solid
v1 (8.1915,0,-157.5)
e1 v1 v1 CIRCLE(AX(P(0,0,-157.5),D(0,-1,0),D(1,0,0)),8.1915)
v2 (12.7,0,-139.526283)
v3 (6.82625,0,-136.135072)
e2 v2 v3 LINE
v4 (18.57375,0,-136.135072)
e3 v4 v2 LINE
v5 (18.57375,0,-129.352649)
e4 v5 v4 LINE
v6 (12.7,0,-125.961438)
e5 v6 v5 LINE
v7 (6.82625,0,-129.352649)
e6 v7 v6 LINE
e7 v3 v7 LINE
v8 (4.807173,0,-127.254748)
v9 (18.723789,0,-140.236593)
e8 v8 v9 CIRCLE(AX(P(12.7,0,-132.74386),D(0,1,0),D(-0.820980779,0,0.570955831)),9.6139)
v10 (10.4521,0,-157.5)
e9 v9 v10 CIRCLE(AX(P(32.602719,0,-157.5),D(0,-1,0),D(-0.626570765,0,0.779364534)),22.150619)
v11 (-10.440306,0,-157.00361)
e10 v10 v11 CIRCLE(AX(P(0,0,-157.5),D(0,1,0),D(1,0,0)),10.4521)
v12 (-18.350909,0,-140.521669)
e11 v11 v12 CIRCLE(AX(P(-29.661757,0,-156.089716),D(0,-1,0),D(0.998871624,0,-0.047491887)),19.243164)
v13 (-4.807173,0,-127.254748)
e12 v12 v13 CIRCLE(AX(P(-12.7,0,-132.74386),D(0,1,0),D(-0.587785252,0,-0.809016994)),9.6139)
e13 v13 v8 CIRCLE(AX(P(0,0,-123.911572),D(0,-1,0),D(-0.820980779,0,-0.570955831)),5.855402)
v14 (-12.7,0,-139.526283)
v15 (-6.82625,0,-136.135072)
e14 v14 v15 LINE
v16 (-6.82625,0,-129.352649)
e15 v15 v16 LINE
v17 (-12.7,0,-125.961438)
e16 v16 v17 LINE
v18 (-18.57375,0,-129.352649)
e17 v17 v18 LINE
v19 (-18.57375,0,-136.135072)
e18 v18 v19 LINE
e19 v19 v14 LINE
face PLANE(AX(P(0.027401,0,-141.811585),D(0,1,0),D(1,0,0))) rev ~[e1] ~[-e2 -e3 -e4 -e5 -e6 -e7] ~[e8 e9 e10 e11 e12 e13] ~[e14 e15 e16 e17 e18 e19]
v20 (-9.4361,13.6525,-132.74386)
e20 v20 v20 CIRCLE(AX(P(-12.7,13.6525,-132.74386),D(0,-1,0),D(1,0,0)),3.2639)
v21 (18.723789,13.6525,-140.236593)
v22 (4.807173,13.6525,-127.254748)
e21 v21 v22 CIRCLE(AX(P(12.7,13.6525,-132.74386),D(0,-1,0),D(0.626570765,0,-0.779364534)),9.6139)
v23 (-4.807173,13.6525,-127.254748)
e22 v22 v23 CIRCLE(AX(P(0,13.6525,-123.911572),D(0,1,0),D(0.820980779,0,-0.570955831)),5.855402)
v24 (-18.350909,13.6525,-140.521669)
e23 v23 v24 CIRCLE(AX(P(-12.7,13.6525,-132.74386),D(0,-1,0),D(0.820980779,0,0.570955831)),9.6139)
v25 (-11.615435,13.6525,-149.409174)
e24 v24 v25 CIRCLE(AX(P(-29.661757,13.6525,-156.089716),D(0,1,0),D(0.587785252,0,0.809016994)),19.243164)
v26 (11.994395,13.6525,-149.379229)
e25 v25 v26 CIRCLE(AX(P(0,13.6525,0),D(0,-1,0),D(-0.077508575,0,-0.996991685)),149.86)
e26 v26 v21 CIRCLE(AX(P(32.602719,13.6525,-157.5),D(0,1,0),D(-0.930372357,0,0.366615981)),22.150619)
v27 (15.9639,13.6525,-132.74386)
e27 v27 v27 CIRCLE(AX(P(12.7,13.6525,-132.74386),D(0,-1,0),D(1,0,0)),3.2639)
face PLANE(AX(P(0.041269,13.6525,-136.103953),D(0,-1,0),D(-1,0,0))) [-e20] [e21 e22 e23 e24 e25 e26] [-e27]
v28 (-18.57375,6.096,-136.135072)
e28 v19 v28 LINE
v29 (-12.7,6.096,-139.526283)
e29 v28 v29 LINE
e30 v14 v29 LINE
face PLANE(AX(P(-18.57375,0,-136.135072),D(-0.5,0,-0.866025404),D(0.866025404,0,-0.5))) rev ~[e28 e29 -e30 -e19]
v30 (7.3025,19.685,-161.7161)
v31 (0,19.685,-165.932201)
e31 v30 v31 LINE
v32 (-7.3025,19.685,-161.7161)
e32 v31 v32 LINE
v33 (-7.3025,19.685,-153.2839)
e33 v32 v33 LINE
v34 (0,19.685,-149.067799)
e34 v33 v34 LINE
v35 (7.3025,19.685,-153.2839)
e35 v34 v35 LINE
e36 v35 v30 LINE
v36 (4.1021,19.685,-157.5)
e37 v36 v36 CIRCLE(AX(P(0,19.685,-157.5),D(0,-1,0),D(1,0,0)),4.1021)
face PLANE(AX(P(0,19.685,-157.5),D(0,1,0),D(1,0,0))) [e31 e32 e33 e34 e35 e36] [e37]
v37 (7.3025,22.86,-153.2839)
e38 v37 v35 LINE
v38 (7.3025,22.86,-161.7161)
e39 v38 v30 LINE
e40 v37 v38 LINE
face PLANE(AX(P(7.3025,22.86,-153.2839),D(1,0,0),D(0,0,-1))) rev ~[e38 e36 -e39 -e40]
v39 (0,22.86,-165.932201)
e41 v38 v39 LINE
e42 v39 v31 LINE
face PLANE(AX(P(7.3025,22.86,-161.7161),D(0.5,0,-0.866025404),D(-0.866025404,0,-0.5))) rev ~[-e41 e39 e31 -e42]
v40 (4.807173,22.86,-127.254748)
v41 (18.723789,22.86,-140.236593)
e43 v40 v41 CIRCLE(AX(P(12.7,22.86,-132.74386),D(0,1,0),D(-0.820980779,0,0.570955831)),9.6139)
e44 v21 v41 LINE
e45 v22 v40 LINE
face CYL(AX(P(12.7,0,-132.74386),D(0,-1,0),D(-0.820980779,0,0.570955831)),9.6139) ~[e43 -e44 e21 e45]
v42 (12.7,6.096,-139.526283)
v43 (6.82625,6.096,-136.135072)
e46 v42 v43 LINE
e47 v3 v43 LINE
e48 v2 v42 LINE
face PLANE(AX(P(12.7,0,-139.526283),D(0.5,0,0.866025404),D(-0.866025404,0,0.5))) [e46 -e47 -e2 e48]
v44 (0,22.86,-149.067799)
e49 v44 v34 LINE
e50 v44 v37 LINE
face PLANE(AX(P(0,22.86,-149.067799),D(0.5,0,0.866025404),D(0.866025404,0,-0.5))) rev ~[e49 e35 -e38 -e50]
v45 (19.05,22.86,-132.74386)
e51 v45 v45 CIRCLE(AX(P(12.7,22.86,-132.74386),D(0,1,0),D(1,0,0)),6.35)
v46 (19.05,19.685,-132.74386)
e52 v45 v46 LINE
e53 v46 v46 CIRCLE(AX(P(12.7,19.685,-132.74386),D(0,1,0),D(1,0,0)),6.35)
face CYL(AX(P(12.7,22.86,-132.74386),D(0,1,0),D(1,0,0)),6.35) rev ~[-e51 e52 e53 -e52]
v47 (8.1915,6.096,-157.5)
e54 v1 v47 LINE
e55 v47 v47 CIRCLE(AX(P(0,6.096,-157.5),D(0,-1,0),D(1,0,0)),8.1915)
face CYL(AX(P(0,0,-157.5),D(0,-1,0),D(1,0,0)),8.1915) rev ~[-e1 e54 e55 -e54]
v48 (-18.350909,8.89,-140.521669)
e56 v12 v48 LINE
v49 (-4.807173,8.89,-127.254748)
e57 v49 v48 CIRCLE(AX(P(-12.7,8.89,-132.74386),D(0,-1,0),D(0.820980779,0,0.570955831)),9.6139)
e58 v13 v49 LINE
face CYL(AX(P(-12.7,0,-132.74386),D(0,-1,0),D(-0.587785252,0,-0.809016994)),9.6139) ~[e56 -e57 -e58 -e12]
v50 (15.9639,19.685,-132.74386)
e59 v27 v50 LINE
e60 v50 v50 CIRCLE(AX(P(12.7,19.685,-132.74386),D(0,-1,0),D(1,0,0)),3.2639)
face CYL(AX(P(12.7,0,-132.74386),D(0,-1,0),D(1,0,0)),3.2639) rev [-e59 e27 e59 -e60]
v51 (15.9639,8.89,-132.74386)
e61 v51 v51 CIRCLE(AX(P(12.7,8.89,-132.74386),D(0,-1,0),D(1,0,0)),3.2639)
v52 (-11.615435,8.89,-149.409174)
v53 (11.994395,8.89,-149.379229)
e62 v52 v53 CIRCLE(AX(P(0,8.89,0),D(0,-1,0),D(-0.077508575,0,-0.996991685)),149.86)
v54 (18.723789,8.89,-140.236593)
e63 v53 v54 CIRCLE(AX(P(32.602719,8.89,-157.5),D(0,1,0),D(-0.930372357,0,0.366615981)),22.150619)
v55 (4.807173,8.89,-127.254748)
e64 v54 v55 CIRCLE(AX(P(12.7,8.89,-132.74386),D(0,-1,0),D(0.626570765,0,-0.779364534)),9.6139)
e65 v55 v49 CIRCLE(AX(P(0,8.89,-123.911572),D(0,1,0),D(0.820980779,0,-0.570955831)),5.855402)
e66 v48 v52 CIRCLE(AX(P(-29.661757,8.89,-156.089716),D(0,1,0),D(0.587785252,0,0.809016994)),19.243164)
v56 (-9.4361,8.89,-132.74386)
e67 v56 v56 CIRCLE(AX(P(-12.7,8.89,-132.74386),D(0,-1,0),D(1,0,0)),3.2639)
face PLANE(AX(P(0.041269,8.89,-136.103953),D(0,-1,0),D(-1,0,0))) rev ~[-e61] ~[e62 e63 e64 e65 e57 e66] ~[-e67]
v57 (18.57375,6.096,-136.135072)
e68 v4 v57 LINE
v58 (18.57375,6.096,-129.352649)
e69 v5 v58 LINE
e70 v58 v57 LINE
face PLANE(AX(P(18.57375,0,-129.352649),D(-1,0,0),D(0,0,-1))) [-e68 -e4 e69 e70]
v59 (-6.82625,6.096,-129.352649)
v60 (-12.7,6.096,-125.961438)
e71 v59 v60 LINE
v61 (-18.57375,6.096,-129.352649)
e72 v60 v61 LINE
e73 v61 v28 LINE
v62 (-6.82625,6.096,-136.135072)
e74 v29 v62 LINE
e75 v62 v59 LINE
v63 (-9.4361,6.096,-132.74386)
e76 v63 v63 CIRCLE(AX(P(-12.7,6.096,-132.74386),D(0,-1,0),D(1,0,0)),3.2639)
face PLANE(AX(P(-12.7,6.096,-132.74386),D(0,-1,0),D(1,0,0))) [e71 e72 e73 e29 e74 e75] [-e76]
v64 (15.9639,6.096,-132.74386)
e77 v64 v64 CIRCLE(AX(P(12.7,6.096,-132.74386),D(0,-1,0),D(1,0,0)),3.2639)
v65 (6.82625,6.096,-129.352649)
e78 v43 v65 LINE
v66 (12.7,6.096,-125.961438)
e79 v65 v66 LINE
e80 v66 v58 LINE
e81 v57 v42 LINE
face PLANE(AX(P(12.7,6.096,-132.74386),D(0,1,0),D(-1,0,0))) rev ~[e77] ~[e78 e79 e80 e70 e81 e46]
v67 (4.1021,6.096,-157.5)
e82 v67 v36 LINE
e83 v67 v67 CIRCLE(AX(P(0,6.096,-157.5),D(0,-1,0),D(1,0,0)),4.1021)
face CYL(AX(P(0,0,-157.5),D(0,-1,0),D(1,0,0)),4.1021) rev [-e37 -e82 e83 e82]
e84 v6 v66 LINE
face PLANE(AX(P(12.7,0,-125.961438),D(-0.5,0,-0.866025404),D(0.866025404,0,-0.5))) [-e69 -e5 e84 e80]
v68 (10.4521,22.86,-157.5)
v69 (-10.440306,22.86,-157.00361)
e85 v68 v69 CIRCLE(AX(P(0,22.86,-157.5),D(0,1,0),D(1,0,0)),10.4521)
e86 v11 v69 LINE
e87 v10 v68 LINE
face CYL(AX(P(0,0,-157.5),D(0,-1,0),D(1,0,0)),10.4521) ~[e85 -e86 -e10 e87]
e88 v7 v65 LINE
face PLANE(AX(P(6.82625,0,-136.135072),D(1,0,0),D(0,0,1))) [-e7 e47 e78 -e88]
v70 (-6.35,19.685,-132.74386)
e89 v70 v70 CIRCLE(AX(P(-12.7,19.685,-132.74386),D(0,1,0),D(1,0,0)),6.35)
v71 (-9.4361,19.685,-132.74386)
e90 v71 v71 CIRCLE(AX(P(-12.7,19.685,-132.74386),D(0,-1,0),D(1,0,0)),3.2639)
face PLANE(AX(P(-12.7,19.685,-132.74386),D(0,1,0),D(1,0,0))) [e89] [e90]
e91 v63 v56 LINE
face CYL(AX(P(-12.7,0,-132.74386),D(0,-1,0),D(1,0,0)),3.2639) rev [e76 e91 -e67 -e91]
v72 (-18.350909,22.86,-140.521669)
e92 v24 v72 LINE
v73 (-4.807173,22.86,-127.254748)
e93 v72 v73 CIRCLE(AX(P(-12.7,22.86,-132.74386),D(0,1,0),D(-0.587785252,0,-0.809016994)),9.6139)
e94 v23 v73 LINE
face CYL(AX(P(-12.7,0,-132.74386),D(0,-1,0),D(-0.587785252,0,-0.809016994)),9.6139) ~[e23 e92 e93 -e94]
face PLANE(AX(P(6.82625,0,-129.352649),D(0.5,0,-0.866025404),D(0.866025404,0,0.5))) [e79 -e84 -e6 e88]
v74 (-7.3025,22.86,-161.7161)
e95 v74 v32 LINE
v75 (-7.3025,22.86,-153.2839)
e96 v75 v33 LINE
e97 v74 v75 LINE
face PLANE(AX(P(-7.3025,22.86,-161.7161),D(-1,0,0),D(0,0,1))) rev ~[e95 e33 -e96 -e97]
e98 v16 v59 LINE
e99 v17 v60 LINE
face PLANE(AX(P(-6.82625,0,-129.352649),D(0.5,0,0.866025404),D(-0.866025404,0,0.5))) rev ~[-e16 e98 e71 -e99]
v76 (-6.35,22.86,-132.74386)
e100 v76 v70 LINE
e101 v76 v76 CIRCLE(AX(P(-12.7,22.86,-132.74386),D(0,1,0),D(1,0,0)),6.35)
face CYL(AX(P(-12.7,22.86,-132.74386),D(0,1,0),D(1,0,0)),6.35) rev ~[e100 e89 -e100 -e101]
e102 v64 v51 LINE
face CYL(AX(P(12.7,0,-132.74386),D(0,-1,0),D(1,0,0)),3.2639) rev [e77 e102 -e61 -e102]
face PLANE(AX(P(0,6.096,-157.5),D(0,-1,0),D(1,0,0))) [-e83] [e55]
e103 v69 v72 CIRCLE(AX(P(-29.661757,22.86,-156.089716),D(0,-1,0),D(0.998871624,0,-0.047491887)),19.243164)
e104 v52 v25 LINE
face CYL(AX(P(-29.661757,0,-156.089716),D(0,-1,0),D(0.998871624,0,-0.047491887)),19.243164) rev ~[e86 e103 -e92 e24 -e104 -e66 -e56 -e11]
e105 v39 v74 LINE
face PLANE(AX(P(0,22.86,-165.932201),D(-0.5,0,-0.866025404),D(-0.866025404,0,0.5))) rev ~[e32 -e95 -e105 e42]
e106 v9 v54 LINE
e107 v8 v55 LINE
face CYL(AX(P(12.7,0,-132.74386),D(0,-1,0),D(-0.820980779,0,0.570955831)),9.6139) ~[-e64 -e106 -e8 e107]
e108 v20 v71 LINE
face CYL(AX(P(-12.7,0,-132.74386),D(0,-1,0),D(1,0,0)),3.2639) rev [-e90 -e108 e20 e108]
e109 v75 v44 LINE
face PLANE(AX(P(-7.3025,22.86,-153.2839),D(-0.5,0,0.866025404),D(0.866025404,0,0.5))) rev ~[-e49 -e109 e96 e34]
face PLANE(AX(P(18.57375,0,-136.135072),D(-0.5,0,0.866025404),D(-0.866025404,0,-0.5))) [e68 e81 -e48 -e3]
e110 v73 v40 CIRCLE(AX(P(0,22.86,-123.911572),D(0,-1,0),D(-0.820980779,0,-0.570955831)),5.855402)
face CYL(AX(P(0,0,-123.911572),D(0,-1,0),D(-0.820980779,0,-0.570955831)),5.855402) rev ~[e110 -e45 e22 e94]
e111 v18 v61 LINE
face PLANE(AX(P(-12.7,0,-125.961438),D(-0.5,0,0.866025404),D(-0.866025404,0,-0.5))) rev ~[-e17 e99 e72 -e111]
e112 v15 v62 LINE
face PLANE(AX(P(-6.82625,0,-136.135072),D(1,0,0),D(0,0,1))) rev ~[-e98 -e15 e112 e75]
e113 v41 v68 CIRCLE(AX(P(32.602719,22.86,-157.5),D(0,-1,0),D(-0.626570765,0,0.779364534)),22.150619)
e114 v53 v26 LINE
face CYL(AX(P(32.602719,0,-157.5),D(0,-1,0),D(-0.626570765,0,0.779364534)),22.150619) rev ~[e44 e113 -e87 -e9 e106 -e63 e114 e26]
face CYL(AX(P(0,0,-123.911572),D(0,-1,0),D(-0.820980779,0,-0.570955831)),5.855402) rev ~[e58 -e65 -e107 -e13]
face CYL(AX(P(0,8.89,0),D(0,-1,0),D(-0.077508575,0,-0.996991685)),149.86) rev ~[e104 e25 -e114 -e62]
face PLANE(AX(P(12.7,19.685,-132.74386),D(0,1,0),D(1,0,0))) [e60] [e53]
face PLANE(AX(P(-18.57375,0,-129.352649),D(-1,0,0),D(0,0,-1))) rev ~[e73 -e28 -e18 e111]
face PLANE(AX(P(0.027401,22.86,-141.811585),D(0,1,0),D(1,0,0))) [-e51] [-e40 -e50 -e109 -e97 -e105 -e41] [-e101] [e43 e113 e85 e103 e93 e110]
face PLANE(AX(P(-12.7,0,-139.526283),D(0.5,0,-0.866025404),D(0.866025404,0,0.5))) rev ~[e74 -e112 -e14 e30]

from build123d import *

# Parameters (mm, degrees)
SKETCH1_R           = 3.2639
SKETCH1_R_2         = 4.1021
BOSS_EXTRUDE1_DEPTH = 22.86
CUT_EXTRUDE1_DEPTH  = 4.7625
SKETCH3_R           = 8.1915
BOTTOM_CUTS_DEPTH   = 6.096
SKETCH4_R           = 6.35
TOP_CUTS_DEPTH      = 3.175


with BuildPart() as part:
    # Sketch1 → Boss-Extrude1 (new body)
    with BuildSketch(Plane(origin=(0, 0, 0), x_dir=(1, 0, 0), z_dir=(0, 1, 0))):
        with BuildLine():
            ThreePointArc((-10.440306098, 157.003610008), (-12.313301142, 147.763224627), (-18.350908637, 140.521668981))
            ThreePointArc((-18.350908637, 140.521668981), (-19.427506678, 125.875984036), (-4.807172888, 127.254748239))
            ThreePointArc((-4.807172888, 127.254748239), (0, 129.766974532), (4.807172888, 127.254748239))
            ThreePointArc((4.807172888, 127.254748239), (19.257850316, 125.71380556), (18.723788674, 140.236593192))
            ThreePointArc((18.723788674, 140.236593192), (12.626773217, 147.928609691), (10.4521, 157.49999996))
            ThreePointArc((10.4521, 157.49999996), (-0.24826502, 167.949151069), (-10.440306098, 157.003610008))
        make_face()
        with Locations((-12.7, 132.743860498)):
            Circle(SKETCH1_R, mode=Mode.SUBTRACT)
        with Locations((12.7, 132.743860498)):
            Circle(SKETCH1_R, mode=Mode.SUBTRACT)
        with Locations((0, 157.49999996)):
            Circle(SKETCH1_R_2, mode=Mode.SUBTRACT)
    extrude(amount=BOSS_EXTRUDE1_DEPTH)

    # Sketch2 → Cut-Extrude1 (cut)
    with BuildSketch(Plane(origin=(0, 8.89, 0), x_dir=(-1, 0, 0), z_dir=(0, -1, 0))):
        with BuildLine():
            ThreePointArc((-18.723788674, 140.236593192), (-19.257850316, 125.71380556), (-4.807172888, 127.254748239))
            ThreePointArc((-4.807172888, 127.254748239), (0, 129.766974532), (4.807172888, 127.254748239))
            ThreePointArc((4.807172888, 127.254748239), (19.427506678, 125.875984036), (18.350908637, 140.521668981))
            ThreePointArc((18.350908637, 140.521668981), (14.325271112, 144.466825655), (11.615435011, 149.40917398))
            ThreePointArc((11.615435011, 149.40917398), (-0.19007082, 149.859879464), (-11.994395391, 149.379229076))
            ThreePointArc((-11.994395391, 149.379229076), (-14.763447186, 144.369489602), (-18.723788674, 140.236593192))
        make_face()
    extrude(amount=-CUT_EXTRUDE1_DEPTH, mode=Mode.SUBTRACT)

    # Sketch3 → bottom-cuts (cut)
    with BuildSketch(Plane.XZ):
        with Locations((0, -157.49999996)):
            Circle(SKETCH3_R)
        Polygon((-18.57375, -129.352649355), (-18.57375, -136.135071642), (-12.7, -139.526282786), (-6.82625, -136.135071642), (-6.82625, -129.352649355), (-12.7, -125.961438211), align=None)
        Polygon((12.7, -125.961438211), (18.57375, -129.352649355), (18.57375, -136.135071642), (12.7, -139.526282786), (6.82625, -136.135071642), (6.82625, -129.352649355), align=None)
    extrude(amount=-BOTTOM_CUTS_DEPTH, mode=Mode.SUBTRACT)

    # Sketch4 → top-cuts (cut)
    with BuildSketch(Plane(origin=(0, 22.86, 0), x_dir=(1, 0, 0), z_dir=(0, 1, 0))):
        with Locations((-12.7, 132.743860498)):
            Circle(SKETCH4_R)
        with Locations((12.7, 132.743860498)):
            Circle(SKETCH4_R)
        Polygon((7.3025, 161.716100301), (0, 165.932200642), (-7.3025, 161.716100301), (-7.3025, 153.283899619), (0, 149.067799278), (7.3025, 153.283899619), align=None)
    extrude(amount=-TOP_CUTS_DEPTH, mode=Mode.SUBTRACT)


solid = part.part
